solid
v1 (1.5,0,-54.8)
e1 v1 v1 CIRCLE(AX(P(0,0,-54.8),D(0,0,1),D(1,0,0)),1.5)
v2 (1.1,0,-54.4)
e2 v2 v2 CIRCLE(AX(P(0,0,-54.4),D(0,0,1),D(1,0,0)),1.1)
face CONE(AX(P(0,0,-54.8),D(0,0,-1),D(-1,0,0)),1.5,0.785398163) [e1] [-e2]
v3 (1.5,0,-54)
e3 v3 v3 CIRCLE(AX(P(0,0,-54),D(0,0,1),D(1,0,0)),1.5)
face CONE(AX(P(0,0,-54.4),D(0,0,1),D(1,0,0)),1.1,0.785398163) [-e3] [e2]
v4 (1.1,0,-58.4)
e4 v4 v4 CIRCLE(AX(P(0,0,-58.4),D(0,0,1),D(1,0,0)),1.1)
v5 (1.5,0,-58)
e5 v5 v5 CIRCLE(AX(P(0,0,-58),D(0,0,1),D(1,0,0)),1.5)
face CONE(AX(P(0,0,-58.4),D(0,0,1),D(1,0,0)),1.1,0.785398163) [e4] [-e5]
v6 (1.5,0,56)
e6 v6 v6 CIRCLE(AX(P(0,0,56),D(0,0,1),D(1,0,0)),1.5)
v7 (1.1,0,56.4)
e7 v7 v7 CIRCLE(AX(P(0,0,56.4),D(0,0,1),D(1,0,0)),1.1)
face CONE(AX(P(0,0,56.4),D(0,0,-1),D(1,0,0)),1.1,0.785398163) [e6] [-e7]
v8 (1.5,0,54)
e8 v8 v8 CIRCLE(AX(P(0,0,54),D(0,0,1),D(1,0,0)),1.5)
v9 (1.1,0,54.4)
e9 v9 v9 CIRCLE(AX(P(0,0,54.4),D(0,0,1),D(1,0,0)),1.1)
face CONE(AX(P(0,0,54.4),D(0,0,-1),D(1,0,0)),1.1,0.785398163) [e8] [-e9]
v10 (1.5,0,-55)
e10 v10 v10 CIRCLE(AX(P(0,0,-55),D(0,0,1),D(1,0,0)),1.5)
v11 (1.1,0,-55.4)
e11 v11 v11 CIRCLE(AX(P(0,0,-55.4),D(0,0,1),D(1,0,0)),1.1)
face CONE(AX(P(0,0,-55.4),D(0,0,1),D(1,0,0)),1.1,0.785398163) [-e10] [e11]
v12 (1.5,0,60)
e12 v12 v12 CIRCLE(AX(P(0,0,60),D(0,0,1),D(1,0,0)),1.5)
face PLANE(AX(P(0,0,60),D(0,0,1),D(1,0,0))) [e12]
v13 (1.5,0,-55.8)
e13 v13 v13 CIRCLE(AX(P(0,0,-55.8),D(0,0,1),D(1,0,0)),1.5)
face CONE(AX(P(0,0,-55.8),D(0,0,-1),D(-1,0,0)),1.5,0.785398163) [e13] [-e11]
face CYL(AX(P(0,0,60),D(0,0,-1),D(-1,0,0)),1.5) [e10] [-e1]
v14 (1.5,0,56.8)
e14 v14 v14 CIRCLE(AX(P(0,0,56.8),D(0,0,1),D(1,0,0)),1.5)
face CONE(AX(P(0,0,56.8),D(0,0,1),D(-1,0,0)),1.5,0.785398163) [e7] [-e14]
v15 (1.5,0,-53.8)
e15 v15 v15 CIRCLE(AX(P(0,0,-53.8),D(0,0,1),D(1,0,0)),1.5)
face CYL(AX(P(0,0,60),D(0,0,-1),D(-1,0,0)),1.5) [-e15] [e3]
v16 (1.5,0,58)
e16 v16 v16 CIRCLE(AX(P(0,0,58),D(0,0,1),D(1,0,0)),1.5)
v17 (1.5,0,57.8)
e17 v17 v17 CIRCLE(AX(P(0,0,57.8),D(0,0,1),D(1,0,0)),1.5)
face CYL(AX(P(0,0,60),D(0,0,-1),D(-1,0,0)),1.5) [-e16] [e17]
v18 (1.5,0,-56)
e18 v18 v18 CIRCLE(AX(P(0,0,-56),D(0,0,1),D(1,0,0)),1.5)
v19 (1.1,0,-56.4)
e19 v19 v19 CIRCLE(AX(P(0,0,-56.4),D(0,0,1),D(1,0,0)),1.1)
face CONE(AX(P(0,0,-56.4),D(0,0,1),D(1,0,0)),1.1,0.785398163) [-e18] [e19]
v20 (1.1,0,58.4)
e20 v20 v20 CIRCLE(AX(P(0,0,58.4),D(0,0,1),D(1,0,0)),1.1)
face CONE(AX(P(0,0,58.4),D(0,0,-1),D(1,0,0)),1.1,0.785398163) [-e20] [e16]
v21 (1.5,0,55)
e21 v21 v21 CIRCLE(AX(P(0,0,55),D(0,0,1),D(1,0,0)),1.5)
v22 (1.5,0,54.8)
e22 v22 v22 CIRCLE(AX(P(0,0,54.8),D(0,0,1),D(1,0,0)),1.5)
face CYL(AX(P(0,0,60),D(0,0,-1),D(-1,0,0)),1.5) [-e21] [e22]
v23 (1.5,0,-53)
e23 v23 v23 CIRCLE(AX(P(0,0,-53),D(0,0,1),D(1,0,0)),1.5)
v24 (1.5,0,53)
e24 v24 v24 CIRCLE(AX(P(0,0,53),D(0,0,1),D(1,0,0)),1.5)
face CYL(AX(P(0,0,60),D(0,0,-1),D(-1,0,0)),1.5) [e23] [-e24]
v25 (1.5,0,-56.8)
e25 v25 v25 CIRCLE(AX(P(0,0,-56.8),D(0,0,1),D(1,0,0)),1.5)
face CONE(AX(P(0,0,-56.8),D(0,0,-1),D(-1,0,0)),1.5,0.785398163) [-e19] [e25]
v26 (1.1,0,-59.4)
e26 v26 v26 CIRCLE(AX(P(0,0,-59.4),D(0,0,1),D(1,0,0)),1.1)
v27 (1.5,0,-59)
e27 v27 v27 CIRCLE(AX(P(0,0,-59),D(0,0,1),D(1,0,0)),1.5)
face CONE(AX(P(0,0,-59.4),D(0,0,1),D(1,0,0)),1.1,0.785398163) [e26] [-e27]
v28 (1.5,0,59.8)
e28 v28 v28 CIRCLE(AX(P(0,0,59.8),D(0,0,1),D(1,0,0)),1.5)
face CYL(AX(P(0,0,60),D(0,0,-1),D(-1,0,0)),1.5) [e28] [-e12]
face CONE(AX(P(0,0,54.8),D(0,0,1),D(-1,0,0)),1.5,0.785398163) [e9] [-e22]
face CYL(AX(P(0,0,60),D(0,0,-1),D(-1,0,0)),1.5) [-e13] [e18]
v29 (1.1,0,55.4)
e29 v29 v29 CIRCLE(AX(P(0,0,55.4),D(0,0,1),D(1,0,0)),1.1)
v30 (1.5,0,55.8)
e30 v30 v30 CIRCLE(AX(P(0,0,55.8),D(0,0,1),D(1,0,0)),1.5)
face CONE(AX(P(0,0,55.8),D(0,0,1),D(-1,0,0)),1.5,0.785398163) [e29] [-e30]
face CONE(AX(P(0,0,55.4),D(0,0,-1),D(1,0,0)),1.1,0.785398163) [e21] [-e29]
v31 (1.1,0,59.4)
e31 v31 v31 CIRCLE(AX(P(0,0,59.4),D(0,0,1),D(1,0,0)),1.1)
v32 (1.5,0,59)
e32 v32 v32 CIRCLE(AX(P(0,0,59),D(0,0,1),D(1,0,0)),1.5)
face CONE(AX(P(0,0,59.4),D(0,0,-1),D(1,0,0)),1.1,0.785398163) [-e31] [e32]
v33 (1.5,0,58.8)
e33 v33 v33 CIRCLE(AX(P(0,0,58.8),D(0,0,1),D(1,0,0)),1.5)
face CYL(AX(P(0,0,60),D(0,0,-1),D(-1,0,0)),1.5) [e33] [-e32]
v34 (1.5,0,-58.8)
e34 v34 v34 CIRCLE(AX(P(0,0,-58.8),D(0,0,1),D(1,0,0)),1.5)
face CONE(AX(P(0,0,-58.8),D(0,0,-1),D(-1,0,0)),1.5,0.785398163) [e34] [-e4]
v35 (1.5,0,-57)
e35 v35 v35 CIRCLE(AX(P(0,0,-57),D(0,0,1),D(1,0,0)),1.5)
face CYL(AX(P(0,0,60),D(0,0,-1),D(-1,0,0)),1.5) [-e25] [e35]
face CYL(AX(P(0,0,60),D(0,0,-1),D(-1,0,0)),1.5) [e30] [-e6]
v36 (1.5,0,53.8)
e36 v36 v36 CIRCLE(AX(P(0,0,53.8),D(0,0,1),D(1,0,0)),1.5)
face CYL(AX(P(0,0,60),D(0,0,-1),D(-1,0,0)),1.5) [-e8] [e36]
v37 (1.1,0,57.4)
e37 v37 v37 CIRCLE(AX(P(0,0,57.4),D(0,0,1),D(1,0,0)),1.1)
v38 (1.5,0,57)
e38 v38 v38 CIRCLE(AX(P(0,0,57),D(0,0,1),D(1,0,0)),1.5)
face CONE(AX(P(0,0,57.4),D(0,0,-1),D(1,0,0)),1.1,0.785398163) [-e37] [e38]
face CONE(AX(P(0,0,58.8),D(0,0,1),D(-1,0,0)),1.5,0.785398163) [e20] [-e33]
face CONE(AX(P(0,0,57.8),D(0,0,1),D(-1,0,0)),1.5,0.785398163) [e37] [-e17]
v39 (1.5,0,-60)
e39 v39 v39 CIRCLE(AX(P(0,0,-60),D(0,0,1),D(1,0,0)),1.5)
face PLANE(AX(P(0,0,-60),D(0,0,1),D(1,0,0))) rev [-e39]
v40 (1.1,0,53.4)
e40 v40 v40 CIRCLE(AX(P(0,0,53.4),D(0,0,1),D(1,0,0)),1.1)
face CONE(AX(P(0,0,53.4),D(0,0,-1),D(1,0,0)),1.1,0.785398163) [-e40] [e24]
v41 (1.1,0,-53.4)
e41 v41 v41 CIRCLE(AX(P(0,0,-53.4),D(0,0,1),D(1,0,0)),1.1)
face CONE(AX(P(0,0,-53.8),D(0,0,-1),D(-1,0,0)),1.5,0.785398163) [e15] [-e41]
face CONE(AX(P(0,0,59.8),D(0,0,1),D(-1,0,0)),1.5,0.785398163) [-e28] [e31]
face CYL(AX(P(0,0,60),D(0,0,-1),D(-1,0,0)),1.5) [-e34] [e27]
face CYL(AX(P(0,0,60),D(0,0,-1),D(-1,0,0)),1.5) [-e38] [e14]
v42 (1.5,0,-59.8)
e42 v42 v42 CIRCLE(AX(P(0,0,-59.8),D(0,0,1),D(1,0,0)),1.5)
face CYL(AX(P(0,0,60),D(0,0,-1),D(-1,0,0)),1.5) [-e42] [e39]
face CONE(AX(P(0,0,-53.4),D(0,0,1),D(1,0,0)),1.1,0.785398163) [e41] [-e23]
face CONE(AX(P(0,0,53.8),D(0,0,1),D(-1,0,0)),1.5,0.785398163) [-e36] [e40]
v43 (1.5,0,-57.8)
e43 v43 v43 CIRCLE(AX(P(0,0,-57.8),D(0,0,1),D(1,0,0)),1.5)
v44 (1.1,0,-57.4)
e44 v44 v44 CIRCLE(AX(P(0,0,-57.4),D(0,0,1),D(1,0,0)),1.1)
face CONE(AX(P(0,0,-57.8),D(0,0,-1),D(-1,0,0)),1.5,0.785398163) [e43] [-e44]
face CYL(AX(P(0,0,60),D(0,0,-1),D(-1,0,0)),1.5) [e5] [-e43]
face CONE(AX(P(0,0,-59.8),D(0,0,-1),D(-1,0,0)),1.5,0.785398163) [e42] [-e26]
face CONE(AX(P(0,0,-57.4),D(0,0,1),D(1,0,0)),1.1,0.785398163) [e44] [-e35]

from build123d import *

# Parameters (mm, degrees)
SKETCH1_R           = 1.5
BOSS_EXTRUDE1_DEPTH = 60
LPATTERN1_COUNT     = 7
LPATTERN1_PITCH     = 1


with BuildPart() as part:
    # Sketch1 → Boss-Extrude1 (new, symmetric)
    with BuildSketch(Plane.XY):
        Circle(SKETCH1_R)
    extrude(amount=BOSS_EXTRUDE1_DEPTH, both=True)

    # Sketch2 → Cut-Revolve1 (revolve, cut)
    with BuildSketch(Plane(origin=(0, 0, 0), x_dir=(0, 0, -1), z_dir=(1, 0, 0)), mode=Mode.PRIVATE) as cut_revolve1_sk:
        Polygon((59.8, -1.5), (59.4, -1.1), (59, -1.5), (59, -1.898251276), (59.8, -1.898251276), align=None)
    cut_revolve1 = revolve(cut_revolve1_sk.sketch.rotate(Axis((0, 0, 60), (0, 0, -1)), 270), axis=Axis((0, 0, 60), (0, 0, -1)), mode=Mode.SUBTRACT)

    # LPattern1: Cut-Revolve1 ×7
    with Locations(*[(0, 0, i * LPATTERN1_PITCH) for i in range(1, LPATTERN1_COUNT)]):
        add(cut_revolve1, mode=Mode.SUBTRACT)

    # Mirror1: Cut-Revolve1 across plane
    add(cut_revolve1.mirror(Plane.XY), mode=Mode.SUBTRACT)

    # Mirror1 copy 1 sketch → Mirror1 copy 1 (revolve, cut)
    with BuildSketch(Plane(origin=(0, 0, -1), x_dir=(0, 0, 1), z_dir=(1, 0, 0))):
        Polygon((59.8, 1.5), (59.4, 1.1), (59, 1.5), (59, 1.898251276), (59.8, 1.898251276), align=None)
    revolve(axis=Axis((0, 0, -61), (0, 0, -1)), mode=Mode.SUBTRACT)

    # Mirror1 copy 2 sketch → Mirror1 copy 2 (revolve, cut)
    with BuildSketch(Plane(origin=(0, 0, -2), x_dir=(0, 0, 1), z_dir=(1, 0, 0))):
        Polygon((59.8, 1.5), (59.4, 1.1), (59, 1.5), (59, 1.898251276), (59.8, 1.898251276), align=None)
    revolve(axis=Axis((0, 0, -62), (0, 0, -1)), mode=Mode.SUBTRACT)

    # Mirror1 copy 3 sketch → Mirror1 copy 3 (revolve, cut)
    with BuildSketch(Plane(origin=(0, 0, -3), x_dir=(0, 0, 1), z_dir=(1, 0, 0))):
        Polygon((59.8, 1.5), (59.4, 1.1), (59, 1.5), (59, 1.898251276), (59.8, 1.898251276), align=None)
    revolve(axis=Axis((0, 0, -63), (0, 0, -1)), mode=Mode.SUBTRACT)

    # Mirror1 copy 4 sketch → Mirror1 copy 4 (revolve, cut)
    with BuildSketch(Plane(origin=(0, 0, -4), x_dir=(0, 0, 1), z_dir=(1, 0, 0))):
        Polygon((59.8, 1.5), (59.4, 1.1), (59, 1.5), (59, 1.898251276), (59.8, 1.898251276), align=None)
    revolve(axis=Axis((0, 0, -64), (0, 0, -1)), mode=Mode.SUBTRACT)

    # Mirror1 copy 5 sketch → Mirror1 copy 5 (revolve, cut)
    with BuildSketch(Plane(origin=(0, 0, -5), x_dir=(0, 0, 1), z_dir=(1, 0, 0))):
        Polygon((59.8, 1.5), (59.4, 1.1), (59, 1.5), (59, 1.898251276), (59.8, 1.898251276), align=None)
    revolve(axis=Axis((0, 0, -65), (0, 0, -1)), mode=Mode.SUBTRACT)

    # Mirror1 copy 6 sketch → Mirror1 copy 6 (revolve, cut)
    with BuildSketch(Plane(origin=(0, 0, -6), x_dir=(0, 0, 1), z_dir=(1, 0, 0))):
        Polygon((59.8, 1.5), (59.4, 1.1), (59, 1.5), (59, 1.898251276), (59.8, 1.898251276), align=None)
    revolve(axis=Axis((0, 0, -66), (0, 0, -1)), mode=Mode.SUBTRACT)


solid = part.part
